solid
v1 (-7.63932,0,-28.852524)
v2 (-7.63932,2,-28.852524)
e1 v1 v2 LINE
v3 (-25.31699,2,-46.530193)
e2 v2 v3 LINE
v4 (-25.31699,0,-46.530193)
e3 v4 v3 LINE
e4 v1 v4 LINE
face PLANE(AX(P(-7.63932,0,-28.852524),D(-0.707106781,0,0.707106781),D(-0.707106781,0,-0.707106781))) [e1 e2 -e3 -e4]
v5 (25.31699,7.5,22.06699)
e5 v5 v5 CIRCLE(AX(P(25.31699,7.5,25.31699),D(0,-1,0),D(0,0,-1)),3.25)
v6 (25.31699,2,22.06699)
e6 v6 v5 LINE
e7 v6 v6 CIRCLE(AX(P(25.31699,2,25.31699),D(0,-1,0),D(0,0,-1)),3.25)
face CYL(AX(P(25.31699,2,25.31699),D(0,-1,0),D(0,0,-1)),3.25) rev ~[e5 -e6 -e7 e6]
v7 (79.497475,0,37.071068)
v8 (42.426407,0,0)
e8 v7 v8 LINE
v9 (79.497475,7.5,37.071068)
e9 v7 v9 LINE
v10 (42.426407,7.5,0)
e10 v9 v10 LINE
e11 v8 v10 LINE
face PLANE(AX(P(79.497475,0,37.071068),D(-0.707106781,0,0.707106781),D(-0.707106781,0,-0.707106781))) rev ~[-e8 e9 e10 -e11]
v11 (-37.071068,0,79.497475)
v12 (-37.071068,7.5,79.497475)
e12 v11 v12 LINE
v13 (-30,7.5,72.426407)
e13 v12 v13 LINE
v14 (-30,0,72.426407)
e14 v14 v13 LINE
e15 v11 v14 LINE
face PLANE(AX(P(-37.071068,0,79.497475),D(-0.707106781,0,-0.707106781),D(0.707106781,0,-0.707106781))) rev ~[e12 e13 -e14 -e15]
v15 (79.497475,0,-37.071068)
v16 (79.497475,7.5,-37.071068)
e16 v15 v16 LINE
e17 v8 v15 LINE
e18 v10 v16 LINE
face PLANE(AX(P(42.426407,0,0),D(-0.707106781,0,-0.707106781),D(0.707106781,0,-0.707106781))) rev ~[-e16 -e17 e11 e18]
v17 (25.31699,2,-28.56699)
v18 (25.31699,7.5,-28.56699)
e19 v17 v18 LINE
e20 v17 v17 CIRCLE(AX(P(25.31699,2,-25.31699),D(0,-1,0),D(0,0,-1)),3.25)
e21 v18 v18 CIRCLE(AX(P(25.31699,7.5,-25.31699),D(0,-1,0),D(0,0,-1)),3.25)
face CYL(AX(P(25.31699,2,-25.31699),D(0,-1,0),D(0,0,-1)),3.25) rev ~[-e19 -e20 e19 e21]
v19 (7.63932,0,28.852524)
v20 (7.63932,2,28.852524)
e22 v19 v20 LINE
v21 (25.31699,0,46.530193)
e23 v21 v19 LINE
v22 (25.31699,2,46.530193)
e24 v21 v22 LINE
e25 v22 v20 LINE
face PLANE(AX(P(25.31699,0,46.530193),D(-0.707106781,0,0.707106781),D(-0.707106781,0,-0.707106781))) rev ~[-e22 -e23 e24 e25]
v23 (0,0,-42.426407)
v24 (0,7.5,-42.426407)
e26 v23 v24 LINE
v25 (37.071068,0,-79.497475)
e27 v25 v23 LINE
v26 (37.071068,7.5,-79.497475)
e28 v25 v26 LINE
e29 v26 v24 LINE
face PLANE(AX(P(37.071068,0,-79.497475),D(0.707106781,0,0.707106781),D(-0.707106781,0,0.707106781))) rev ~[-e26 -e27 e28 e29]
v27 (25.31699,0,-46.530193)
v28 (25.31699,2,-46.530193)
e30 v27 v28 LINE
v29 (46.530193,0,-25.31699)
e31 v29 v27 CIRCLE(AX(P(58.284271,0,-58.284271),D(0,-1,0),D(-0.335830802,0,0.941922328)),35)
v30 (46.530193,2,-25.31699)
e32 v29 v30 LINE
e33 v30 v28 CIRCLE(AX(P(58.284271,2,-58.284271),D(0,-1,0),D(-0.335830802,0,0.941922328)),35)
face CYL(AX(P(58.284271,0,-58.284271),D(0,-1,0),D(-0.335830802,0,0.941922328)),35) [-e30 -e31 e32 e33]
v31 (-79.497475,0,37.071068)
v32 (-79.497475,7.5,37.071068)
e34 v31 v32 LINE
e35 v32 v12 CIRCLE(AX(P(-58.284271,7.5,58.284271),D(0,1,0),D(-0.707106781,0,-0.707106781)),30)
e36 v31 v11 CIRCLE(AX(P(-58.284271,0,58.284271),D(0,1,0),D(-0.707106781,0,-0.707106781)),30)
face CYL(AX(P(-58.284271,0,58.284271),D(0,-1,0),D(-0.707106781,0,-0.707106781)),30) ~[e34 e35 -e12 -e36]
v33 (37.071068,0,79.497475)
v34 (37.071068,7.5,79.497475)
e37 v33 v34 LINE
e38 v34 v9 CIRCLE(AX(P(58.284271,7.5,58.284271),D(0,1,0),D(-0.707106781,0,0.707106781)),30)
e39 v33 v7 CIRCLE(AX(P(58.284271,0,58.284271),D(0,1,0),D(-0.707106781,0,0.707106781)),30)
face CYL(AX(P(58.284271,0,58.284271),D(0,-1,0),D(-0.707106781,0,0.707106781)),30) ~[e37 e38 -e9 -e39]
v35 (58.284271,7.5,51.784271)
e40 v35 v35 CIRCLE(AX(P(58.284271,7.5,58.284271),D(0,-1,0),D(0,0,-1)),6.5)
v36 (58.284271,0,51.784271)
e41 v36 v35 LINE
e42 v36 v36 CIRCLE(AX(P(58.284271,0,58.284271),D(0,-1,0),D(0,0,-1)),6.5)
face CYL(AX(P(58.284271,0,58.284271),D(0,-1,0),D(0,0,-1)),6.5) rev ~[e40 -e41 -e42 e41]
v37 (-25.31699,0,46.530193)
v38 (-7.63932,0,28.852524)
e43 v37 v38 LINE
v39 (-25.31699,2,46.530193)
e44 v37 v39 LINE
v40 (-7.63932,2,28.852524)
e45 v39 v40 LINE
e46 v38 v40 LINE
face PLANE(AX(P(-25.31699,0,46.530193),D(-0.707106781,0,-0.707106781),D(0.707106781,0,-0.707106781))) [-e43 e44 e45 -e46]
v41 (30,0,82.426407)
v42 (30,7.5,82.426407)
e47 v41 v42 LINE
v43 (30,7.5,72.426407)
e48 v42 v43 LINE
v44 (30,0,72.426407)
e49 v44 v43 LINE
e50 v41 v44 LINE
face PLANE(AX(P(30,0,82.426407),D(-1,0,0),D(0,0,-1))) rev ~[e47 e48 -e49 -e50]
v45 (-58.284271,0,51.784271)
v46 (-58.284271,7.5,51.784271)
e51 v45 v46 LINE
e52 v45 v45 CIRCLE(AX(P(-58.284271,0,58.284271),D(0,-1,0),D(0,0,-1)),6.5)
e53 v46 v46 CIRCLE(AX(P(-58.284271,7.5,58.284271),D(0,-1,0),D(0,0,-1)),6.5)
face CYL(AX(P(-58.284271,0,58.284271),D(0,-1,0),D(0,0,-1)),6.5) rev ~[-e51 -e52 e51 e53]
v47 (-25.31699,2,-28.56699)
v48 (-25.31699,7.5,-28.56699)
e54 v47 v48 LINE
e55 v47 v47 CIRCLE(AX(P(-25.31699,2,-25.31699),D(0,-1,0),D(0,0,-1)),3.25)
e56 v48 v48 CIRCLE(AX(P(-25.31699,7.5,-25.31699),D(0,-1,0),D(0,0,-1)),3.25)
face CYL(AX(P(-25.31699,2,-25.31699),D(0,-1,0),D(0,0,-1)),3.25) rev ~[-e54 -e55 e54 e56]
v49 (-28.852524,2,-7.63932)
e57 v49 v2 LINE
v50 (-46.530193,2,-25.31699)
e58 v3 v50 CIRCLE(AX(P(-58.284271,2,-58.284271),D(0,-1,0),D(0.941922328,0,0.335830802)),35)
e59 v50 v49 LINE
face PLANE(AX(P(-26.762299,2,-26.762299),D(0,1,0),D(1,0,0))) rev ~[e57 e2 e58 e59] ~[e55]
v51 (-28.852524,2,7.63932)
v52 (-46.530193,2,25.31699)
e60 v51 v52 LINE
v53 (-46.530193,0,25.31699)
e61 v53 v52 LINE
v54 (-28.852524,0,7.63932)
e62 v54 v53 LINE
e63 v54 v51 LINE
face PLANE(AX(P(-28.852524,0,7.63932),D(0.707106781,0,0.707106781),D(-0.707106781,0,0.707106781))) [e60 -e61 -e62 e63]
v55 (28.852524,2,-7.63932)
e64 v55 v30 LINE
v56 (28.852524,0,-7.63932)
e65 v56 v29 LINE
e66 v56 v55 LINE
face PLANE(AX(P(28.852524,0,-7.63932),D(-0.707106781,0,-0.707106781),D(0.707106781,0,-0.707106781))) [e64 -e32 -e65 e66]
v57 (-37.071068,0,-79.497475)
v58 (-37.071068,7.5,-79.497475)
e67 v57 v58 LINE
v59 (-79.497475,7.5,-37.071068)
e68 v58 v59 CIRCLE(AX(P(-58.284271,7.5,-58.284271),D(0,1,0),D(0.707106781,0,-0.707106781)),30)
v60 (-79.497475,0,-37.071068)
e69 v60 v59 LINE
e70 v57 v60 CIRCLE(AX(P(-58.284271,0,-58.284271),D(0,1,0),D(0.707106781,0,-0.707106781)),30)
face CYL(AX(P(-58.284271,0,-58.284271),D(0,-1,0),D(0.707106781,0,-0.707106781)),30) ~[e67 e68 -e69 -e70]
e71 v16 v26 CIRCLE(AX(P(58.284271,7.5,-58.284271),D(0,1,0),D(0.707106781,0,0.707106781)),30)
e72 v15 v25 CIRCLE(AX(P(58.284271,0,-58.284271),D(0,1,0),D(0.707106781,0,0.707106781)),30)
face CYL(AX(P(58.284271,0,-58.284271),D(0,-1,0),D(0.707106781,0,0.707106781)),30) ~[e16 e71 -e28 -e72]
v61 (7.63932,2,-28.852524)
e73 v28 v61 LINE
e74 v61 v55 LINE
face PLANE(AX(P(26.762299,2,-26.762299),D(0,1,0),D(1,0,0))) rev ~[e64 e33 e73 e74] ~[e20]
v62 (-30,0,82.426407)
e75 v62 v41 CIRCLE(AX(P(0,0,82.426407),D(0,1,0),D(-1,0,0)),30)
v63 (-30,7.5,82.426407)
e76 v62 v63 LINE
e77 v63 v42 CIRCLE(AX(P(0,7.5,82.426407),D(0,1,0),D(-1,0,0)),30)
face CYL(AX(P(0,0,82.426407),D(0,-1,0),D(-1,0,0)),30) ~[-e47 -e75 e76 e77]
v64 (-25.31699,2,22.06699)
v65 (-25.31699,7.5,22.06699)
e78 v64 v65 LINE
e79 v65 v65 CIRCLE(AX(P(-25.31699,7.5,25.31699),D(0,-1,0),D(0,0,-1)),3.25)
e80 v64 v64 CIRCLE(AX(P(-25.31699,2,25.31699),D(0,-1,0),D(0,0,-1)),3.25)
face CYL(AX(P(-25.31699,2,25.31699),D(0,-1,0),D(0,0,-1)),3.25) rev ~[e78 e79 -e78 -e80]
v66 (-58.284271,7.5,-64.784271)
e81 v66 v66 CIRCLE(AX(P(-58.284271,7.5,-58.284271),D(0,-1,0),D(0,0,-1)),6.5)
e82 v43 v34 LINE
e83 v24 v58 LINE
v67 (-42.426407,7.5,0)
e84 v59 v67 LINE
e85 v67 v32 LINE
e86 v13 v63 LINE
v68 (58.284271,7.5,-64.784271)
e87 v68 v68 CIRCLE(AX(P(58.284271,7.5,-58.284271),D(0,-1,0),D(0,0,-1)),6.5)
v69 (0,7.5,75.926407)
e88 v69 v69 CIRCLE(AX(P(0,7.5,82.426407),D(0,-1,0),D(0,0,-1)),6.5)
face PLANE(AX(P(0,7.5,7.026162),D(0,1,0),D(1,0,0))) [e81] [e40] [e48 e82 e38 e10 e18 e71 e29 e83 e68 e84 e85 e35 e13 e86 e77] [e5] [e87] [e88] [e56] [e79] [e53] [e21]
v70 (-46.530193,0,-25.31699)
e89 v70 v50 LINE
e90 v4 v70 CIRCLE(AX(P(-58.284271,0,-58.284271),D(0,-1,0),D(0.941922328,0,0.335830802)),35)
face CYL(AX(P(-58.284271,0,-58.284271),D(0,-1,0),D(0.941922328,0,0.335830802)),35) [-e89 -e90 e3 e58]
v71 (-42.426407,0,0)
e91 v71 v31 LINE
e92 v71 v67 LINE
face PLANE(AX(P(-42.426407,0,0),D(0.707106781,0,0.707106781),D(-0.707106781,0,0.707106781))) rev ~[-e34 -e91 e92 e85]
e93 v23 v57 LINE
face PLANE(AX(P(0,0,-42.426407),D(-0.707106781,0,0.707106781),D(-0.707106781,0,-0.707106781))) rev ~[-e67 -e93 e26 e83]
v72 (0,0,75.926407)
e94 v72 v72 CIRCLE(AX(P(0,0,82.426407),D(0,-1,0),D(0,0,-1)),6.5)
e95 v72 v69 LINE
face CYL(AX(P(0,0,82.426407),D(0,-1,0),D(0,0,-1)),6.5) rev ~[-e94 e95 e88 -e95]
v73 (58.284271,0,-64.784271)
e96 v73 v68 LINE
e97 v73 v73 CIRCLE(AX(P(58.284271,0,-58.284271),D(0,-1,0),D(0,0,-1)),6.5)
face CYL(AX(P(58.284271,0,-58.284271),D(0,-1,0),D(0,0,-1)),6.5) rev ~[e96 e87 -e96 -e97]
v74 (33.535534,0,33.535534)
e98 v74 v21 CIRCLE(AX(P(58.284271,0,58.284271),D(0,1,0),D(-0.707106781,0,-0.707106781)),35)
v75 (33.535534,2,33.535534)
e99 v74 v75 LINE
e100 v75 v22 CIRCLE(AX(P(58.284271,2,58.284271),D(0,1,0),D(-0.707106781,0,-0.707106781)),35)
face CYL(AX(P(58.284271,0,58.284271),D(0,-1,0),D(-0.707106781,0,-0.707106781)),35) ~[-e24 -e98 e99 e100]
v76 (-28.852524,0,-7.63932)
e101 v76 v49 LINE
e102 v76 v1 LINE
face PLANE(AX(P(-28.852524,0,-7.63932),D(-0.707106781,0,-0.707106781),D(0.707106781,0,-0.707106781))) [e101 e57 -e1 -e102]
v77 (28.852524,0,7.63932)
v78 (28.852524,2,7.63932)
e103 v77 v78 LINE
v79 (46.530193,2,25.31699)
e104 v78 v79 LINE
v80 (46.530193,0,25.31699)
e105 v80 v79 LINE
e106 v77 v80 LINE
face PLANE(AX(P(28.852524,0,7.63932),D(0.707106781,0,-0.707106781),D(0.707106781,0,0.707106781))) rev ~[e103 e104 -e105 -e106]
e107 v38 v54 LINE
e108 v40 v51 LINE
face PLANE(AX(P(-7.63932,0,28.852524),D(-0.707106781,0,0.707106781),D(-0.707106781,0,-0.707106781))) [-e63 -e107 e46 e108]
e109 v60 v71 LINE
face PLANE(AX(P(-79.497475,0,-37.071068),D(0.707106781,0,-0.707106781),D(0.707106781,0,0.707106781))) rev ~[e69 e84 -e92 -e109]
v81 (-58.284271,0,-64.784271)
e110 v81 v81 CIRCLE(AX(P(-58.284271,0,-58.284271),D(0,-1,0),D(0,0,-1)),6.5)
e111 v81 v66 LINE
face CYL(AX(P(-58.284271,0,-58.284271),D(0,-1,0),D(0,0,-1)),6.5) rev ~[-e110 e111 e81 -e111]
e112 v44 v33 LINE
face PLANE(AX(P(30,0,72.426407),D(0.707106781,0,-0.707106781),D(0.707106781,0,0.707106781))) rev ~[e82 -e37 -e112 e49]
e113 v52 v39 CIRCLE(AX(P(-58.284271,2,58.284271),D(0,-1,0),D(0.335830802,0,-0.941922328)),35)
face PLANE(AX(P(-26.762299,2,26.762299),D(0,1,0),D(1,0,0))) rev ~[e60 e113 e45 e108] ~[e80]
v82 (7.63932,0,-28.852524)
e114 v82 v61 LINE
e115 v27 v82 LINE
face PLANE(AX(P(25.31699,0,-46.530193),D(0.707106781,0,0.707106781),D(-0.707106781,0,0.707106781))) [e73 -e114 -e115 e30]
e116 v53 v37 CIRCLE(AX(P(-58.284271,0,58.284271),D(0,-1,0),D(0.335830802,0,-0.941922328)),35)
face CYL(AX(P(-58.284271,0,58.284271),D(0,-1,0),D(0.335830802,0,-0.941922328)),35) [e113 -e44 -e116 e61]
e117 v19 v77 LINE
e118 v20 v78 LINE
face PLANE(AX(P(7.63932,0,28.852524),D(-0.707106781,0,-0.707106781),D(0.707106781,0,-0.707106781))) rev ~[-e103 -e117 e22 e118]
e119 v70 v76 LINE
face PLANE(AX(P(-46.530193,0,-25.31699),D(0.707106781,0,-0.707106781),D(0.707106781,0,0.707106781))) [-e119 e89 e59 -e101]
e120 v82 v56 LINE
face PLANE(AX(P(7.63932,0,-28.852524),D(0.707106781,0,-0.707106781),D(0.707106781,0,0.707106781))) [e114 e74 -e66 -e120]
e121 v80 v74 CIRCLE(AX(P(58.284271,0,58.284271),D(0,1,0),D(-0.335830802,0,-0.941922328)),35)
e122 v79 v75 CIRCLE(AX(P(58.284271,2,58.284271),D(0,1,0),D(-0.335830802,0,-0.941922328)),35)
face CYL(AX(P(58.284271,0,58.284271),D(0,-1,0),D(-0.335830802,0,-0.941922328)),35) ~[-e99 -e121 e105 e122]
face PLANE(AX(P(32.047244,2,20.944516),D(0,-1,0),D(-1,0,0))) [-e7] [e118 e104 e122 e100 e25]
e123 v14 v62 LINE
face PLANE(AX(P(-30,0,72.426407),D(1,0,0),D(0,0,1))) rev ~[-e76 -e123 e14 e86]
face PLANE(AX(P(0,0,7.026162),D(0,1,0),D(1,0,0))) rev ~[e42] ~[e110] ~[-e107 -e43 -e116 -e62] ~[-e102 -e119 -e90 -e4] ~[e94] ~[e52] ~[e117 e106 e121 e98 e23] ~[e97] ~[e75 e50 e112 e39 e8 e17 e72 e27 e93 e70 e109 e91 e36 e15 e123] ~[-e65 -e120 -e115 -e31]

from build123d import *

# Parameters (mm, degrees)
BOSS_EXTRU_1_DEPTH      = 7.5
ENL_V_MAT_EXTRU_1_DEPTH = 2
ESQUISSE5_R             = 3.25
ENL_V_MAT_EXTRU_2_DEPTH = 144.052645944
ESQUISSE7_R             = 6.5
ENL_V_MAT_EXTRU_3_DEPTH = 144.143492733


with BuildPart() as part:
    # Esquisse2 → Boss.-Extru.1 (new body)
    with BuildSketch(Plane(origin=(0, 0, 0), x_dir=(1, 0, 0), z_dir=(0, 1, 0))):
        with BuildLine():
            Line((79.497474683, -37.071067812), (42.426406871, 0))
            Line((42.426406871, 0), (79.497474683, 37.071067812))
            ThreePointArc((79.497474683, 37.071067812), (79.497474683, 79.497474683), (37.071067812, 79.497474683))
            Line((37.071067812, 79.497474683), (0, 42.426406871))
            Line((0, 42.426406871), (-37.071067812, 79.497474683))
            ThreePointArc((-37.071067812, 79.497474683), (-79.497474683, 79.497474683), (-79.497474683, 37.071067812))
            Line((-79.497474683, 37.071067812), (-42.426406871, 0))
            Line((-42.426406871, 0), (-79.497474683, -37.071067812))
            ThreePointArc((-79.497474683, -37.071067812), (-79.497474683, -79.497474683), (-37.071067812, -79.497474683))
            Line((-37.071067812, -79.497474683), (-30, -72.426406871))
            Line((-30, -72.426406871), (-30, -82.426406871))
            ThreePointArc((-30, -82.426406871), (0, -112.426406871), (30, -82.426406871))
            Line((30, -82.426406871), (30, -72.426406871))
            Line((30, -72.426406871), (37.071067812, -79.497474683))
            ThreePointArc((37.071067812, -79.497474683), (79.497474683, -79.497474683), (79.497474683, -37.071067812))
        make_face()
    extrude(amount=BOSS_EXTRU_1_DEPTH)

    # Esquisse4 → Enlèv. mat.-Extru.1 (cut)
    with BuildSketch(Plane(origin=(0, 0, 0), x_dir=(-1, 0, 0), z_dir=(0, -1, 0))):
        with BuildLine():
            Line((-33.535533906, -33.535533906), (-18.245921943, -18.245921943))
            Line((-18.245921943, -18.245921943), (-28.852523661, -7.639320225))
            Line((-28.852523661, -7.639320225), (-46.53019319, -25.316989755))
            ThreePointArc((-46.53019319, -25.316989755), (-39.575984314, -28.703872332), (-33.535533906, -33.535533906))
        make_face()
        with BuildLine():
            Line((-7.639320225, -28.852523661), (-18.245921943, -18.245921943))
            Line((-18.245921943, -18.245921943), (-33.535533906, -33.535533906))
            ThreePointArc((-33.535533906, -33.535533906), (-28.703872332, -39.575984314), (-25.316989755, -46.53019319))
            Line((-25.316989755, -46.53019319), (-7.639320225, -28.852523661))
        make_face()
        with BuildLine():
            ThreePointArc((-46.53019319, 25.316989755), (-33.535533906, 33.535533906), (-25.316989755, 46.53019319))
            Line((-25.316989755, 46.53019319), (-7.639320225, 28.852523661))
            Line((-7.639320225, 28.852523661), (-28.852523661, 7.639320225))
            Line((-28.852523661, 7.639320225), (-46.53019319, 25.316989755))
        make_face()
        with BuildLine():
            ThreePointArc((25.316989755, 46.53019319), (33.535533906, 33.535533906), (46.53019319, 25.316989755))
            Line((46.53019319, 25.316989755), (28.852523661, 7.639320225))
            Line((28.852523661, 7.639320225), (7.639320225, 28.852523661))
            Line((7.639320225, 28.852523661), (25.316989755, 46.53019319))
        make_face()
        with BuildLine():
            ThreePointArc((46.53019319, -25.316989755), (33.535533906, -33.535533906), (25.316989755, -46.53019319))
            Line((25.316989755, -46.53019319), (7.639320225, -28.852523661))
            Line((7.639320225, -28.852523661), (28.852523661, -7.639320225))
            Line((28.852523661, -7.639320225), (46.53019319, -25.316989755))
        make_face()
    extrude(amount=-ENL_V_MAT_EXTRU_1_DEPTH, mode=Mode.SUBTRACT)

    # Esquisse5 → Enlèv. mat.-Extru.2 (cut, through all)
    with BuildSketch(Plane(origin=(0, 2, 0), x_dir=(-1, 0, 0), z_dir=(0, -1, 0))):
        with Locations(Location((-25.316989755, -25.316989755, 0), (0, 0, 90))):
            Circle(ESQUISSE5_R)
        with Locations(Location((-25.316989755, 25.316989755, 0), (0, 0, 90))):
            Circle(ESQUISSE5_R)
        with Locations(Location((25.316989755, 25.316989755, 0), (0, 0, 90))):
            Circle(ESQUISSE5_R)
        with Locations(Location((25.316989755, -25.316989755, 0), (0, 0, 90))):
            Circle(ESQUISSE5_R)
    extrude(amount=-ENL_V_MAT_EXTRU_2_DEPTH, mode=Mode.SUBTRACT)

    # Esquisse7 → Enlèv. mat.-Extru.3 (cut, through all)
    with BuildSketch(Plane(origin=(0, 0, 0), x_dir=(-1, 0, 0), z_dir=(0, -1, 0))):
        with Locations(Location((0, -82.426406871, 0), (0, 0, 90))):
            Circle(ESQUISSE7_R)
        with Locations(Location((-58.284271247, -58.284271247, 0), (0, 0, 90))):
            Circle(ESQUISSE7_R)
        with Locations(Location((-58.284271247, 58.284271247, 0), (0, 0, 90))):
            Circle(ESQUISSE7_R)
        with Locations(Location((58.284271247, 58.284271247, 0), (0, 0, 90))):
            Circle(ESQUISSE7_R)
        with Locations(Location((58.284271247, -58.284271247, 0), (0, 0, 90))):
            Circle(ESQUISSE7_R)
    extrude(amount=-ENL_V_MAT_EXTRU_3_DEPTH, mode=Mode.SUBTRACT)


solid = part.part
